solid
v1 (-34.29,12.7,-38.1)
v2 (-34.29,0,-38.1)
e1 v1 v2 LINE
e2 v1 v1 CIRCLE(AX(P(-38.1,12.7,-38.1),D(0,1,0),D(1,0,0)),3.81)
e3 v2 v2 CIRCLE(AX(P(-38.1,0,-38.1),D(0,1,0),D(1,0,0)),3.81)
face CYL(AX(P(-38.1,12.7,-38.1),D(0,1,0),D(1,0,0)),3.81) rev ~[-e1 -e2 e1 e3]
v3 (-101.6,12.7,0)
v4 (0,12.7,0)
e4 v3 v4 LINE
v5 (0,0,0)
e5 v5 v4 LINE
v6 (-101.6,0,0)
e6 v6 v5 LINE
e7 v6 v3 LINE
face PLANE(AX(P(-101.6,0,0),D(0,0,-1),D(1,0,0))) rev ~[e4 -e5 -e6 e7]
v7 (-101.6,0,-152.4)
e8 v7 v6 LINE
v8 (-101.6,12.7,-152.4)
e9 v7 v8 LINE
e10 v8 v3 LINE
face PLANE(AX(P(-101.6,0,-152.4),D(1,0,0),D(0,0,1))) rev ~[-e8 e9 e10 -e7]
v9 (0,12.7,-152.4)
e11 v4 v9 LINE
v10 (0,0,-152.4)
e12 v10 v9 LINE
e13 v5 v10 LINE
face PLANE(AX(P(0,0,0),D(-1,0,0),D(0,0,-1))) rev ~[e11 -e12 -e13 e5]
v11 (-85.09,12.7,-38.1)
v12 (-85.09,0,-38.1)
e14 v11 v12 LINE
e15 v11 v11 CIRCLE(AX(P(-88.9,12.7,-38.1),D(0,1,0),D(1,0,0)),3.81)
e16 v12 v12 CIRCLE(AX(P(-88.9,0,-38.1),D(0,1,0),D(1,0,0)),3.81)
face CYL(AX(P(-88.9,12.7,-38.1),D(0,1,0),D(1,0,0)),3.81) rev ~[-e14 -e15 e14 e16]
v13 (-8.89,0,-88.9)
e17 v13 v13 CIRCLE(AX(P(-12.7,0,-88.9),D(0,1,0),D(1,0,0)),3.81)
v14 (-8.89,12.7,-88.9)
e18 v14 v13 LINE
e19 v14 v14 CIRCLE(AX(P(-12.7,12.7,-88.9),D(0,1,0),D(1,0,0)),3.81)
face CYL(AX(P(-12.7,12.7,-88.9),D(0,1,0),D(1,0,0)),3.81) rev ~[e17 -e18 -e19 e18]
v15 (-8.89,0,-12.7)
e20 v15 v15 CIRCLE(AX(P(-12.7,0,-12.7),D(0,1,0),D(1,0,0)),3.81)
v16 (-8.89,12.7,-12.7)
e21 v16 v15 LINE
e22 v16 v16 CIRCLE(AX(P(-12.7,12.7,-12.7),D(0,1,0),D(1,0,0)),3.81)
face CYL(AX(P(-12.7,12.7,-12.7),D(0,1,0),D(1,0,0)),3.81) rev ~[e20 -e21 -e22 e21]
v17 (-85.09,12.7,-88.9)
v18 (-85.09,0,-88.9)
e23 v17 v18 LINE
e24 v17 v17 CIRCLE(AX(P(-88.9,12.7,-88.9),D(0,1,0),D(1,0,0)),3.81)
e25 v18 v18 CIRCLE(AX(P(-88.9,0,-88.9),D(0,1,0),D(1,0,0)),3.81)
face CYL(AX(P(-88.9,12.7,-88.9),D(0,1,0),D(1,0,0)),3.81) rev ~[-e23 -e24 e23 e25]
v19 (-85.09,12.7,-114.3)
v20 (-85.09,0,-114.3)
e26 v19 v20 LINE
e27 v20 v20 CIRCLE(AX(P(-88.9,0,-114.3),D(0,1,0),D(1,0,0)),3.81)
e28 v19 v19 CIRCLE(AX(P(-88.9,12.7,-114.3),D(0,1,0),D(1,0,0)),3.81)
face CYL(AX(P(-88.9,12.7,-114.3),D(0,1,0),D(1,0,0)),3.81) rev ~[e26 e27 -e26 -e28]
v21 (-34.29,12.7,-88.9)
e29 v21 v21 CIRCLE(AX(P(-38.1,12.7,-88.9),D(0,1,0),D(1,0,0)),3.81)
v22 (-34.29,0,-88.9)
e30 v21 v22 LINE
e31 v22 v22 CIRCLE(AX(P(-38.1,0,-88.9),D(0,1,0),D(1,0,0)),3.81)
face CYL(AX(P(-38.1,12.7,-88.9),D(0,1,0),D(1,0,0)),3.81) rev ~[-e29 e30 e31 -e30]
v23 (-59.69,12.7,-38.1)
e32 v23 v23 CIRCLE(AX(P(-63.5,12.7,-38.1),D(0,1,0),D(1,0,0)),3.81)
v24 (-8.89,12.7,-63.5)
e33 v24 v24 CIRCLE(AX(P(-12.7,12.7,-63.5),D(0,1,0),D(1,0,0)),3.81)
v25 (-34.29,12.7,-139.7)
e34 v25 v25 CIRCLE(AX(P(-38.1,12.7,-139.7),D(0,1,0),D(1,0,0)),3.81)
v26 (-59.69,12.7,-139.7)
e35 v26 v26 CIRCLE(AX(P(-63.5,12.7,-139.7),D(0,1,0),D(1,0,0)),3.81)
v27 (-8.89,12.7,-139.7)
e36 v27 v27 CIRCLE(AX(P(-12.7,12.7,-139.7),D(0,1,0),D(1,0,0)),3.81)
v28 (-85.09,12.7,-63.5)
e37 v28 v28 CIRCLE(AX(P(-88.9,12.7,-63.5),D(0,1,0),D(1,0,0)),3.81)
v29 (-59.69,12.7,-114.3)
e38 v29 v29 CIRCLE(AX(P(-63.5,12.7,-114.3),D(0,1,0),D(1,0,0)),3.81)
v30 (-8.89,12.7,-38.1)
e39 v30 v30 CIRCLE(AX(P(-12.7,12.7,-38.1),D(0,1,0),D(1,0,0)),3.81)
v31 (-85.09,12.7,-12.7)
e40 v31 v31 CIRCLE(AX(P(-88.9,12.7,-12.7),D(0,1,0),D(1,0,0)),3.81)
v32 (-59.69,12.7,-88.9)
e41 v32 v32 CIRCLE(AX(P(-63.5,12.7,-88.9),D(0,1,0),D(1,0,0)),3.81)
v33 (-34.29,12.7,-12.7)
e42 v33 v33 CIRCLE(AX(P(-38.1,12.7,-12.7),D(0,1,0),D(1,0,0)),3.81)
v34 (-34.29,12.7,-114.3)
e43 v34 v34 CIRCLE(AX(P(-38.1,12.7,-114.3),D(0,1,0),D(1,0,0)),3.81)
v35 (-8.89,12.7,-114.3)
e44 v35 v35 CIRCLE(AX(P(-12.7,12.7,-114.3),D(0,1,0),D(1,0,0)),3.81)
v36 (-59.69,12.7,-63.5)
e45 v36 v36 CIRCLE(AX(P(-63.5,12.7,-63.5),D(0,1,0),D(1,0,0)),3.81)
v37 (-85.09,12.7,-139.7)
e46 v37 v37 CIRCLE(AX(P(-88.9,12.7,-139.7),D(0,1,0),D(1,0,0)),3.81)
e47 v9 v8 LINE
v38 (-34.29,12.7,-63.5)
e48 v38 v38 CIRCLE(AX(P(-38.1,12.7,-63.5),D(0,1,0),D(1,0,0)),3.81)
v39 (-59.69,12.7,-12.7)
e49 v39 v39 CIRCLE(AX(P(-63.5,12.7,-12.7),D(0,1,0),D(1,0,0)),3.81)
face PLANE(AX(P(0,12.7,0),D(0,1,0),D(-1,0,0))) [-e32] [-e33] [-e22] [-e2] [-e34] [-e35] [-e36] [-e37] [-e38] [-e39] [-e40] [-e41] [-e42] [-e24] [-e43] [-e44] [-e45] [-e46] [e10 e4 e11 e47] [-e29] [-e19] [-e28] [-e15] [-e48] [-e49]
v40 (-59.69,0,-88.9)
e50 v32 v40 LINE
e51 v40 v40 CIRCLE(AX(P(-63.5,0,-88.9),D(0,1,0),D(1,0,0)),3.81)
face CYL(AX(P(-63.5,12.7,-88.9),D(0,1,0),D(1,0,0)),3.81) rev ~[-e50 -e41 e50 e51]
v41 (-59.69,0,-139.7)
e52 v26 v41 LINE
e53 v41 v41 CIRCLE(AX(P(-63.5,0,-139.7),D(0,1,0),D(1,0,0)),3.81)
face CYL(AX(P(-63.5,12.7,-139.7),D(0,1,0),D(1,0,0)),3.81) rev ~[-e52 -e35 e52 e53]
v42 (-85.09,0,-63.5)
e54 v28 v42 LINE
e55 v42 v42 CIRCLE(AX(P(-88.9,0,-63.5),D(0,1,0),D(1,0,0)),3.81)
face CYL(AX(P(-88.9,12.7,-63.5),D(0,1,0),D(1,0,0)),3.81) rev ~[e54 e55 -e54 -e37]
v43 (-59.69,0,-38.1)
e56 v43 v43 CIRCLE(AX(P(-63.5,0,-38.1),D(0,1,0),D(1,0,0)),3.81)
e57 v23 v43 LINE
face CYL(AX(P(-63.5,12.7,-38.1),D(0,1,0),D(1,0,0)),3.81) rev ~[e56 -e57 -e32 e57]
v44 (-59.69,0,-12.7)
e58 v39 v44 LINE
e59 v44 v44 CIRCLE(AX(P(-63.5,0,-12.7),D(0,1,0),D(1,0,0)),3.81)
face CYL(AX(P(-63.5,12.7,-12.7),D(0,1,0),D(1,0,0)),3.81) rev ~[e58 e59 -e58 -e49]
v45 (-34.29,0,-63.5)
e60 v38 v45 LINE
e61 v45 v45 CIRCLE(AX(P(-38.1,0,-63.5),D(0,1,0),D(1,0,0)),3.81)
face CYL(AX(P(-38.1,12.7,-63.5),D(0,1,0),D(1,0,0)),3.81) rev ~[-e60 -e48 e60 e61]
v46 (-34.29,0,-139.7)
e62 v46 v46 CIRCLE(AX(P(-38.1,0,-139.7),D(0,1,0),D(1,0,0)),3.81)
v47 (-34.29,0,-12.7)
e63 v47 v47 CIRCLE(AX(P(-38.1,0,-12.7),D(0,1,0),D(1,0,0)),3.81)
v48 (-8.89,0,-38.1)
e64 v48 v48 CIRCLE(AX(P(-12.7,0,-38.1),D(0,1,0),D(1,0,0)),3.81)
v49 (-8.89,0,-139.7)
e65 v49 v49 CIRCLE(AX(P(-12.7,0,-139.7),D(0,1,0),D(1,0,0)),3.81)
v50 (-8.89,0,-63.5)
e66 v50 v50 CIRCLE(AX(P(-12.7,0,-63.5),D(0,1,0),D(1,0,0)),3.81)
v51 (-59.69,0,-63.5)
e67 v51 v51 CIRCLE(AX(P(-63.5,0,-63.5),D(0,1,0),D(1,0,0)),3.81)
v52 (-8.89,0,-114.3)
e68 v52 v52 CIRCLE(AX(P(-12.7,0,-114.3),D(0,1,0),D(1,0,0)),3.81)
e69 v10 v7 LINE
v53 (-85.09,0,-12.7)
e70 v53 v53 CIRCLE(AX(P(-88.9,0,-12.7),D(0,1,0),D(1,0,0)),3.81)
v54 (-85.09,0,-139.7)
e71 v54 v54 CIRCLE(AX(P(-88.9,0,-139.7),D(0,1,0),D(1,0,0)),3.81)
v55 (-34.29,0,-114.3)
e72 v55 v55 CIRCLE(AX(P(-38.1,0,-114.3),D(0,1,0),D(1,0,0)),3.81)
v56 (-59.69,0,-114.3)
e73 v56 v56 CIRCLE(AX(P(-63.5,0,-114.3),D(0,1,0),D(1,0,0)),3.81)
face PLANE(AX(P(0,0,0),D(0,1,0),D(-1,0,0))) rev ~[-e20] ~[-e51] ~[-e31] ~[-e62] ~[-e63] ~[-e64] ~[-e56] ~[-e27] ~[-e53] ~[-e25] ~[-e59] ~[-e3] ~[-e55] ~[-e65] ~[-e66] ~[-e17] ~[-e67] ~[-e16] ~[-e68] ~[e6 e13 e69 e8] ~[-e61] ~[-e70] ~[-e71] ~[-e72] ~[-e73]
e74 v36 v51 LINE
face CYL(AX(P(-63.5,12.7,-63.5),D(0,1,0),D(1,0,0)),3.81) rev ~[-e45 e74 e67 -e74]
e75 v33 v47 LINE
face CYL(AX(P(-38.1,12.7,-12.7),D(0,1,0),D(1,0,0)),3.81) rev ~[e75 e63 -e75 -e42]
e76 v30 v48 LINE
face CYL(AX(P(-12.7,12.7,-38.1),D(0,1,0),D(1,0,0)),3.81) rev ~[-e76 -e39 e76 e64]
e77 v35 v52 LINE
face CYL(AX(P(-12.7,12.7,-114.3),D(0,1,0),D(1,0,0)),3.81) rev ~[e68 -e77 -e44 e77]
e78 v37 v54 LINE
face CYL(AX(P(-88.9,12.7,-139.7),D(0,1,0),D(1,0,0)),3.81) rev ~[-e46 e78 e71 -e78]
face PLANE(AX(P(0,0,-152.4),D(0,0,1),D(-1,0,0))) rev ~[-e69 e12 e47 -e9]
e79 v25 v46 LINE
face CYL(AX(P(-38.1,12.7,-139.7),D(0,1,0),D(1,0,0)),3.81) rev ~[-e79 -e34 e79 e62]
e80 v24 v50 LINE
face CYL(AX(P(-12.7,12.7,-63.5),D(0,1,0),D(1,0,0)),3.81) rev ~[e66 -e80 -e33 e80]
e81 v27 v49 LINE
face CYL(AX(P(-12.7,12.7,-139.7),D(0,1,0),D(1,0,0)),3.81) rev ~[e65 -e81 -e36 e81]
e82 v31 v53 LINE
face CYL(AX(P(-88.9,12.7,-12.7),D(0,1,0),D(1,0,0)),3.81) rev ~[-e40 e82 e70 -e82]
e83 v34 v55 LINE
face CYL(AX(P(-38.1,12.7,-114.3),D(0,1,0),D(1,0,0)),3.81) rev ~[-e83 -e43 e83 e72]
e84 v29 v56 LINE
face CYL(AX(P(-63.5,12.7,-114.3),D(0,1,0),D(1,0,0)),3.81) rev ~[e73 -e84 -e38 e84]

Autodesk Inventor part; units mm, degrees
ref_plane "YZ Plane" through (0, 0, 0) normal (1, 0, 0) x (0, 1, 0)
ref_plane "XZ Plane" through (0, 0, 0) normal (0, 1, 0) x (-1, 0, 0)
ref_plane "XY Plane" through (0, 0, 0) normal (0, 0, 1) x (1, 0, 0)
sketch "Sketch1" plane through (0, 0, 0) normal (0, 1, 0) x (-1, 0, 0)
  line L0 (101.6, 0) -> (0, 0)
  line L1 (0, 0) -> (0, -152.4)
  line L2 (0, -152.4) -> (101.6, -152.4)
  line L3 (101.6, -152.4) -> (101.6, 0)
  point P0 (0, 0)
  dimension "d0" = 101.6
  dimension "d1" = 152.4
extrude "Extrusion1" add sketch "Sketch1" along normal blind 12.7
sketch "Sketch2" plane through (0, 12.7, 0) normal (0, 1, 0) x (1, 0, 0)
  circle A0 centre (-12.7, 12.7) radius 3.81
  point P0 (0, 0)
  dimension "d4" = 7.62
  dimension "d5" = 12.7
  dimension "d6" = 12.7
extrude "Extrusion2" cut sketch "Sketch2" against normal up to next
pattern_linear "Rectangular Pattern1" count 6 spacing 25.4 along (0, 0, -1) count 4 spacing 25.4 along (-1, 0, 0) of "Extrusion2"
properties part number "rectangularpattern"
